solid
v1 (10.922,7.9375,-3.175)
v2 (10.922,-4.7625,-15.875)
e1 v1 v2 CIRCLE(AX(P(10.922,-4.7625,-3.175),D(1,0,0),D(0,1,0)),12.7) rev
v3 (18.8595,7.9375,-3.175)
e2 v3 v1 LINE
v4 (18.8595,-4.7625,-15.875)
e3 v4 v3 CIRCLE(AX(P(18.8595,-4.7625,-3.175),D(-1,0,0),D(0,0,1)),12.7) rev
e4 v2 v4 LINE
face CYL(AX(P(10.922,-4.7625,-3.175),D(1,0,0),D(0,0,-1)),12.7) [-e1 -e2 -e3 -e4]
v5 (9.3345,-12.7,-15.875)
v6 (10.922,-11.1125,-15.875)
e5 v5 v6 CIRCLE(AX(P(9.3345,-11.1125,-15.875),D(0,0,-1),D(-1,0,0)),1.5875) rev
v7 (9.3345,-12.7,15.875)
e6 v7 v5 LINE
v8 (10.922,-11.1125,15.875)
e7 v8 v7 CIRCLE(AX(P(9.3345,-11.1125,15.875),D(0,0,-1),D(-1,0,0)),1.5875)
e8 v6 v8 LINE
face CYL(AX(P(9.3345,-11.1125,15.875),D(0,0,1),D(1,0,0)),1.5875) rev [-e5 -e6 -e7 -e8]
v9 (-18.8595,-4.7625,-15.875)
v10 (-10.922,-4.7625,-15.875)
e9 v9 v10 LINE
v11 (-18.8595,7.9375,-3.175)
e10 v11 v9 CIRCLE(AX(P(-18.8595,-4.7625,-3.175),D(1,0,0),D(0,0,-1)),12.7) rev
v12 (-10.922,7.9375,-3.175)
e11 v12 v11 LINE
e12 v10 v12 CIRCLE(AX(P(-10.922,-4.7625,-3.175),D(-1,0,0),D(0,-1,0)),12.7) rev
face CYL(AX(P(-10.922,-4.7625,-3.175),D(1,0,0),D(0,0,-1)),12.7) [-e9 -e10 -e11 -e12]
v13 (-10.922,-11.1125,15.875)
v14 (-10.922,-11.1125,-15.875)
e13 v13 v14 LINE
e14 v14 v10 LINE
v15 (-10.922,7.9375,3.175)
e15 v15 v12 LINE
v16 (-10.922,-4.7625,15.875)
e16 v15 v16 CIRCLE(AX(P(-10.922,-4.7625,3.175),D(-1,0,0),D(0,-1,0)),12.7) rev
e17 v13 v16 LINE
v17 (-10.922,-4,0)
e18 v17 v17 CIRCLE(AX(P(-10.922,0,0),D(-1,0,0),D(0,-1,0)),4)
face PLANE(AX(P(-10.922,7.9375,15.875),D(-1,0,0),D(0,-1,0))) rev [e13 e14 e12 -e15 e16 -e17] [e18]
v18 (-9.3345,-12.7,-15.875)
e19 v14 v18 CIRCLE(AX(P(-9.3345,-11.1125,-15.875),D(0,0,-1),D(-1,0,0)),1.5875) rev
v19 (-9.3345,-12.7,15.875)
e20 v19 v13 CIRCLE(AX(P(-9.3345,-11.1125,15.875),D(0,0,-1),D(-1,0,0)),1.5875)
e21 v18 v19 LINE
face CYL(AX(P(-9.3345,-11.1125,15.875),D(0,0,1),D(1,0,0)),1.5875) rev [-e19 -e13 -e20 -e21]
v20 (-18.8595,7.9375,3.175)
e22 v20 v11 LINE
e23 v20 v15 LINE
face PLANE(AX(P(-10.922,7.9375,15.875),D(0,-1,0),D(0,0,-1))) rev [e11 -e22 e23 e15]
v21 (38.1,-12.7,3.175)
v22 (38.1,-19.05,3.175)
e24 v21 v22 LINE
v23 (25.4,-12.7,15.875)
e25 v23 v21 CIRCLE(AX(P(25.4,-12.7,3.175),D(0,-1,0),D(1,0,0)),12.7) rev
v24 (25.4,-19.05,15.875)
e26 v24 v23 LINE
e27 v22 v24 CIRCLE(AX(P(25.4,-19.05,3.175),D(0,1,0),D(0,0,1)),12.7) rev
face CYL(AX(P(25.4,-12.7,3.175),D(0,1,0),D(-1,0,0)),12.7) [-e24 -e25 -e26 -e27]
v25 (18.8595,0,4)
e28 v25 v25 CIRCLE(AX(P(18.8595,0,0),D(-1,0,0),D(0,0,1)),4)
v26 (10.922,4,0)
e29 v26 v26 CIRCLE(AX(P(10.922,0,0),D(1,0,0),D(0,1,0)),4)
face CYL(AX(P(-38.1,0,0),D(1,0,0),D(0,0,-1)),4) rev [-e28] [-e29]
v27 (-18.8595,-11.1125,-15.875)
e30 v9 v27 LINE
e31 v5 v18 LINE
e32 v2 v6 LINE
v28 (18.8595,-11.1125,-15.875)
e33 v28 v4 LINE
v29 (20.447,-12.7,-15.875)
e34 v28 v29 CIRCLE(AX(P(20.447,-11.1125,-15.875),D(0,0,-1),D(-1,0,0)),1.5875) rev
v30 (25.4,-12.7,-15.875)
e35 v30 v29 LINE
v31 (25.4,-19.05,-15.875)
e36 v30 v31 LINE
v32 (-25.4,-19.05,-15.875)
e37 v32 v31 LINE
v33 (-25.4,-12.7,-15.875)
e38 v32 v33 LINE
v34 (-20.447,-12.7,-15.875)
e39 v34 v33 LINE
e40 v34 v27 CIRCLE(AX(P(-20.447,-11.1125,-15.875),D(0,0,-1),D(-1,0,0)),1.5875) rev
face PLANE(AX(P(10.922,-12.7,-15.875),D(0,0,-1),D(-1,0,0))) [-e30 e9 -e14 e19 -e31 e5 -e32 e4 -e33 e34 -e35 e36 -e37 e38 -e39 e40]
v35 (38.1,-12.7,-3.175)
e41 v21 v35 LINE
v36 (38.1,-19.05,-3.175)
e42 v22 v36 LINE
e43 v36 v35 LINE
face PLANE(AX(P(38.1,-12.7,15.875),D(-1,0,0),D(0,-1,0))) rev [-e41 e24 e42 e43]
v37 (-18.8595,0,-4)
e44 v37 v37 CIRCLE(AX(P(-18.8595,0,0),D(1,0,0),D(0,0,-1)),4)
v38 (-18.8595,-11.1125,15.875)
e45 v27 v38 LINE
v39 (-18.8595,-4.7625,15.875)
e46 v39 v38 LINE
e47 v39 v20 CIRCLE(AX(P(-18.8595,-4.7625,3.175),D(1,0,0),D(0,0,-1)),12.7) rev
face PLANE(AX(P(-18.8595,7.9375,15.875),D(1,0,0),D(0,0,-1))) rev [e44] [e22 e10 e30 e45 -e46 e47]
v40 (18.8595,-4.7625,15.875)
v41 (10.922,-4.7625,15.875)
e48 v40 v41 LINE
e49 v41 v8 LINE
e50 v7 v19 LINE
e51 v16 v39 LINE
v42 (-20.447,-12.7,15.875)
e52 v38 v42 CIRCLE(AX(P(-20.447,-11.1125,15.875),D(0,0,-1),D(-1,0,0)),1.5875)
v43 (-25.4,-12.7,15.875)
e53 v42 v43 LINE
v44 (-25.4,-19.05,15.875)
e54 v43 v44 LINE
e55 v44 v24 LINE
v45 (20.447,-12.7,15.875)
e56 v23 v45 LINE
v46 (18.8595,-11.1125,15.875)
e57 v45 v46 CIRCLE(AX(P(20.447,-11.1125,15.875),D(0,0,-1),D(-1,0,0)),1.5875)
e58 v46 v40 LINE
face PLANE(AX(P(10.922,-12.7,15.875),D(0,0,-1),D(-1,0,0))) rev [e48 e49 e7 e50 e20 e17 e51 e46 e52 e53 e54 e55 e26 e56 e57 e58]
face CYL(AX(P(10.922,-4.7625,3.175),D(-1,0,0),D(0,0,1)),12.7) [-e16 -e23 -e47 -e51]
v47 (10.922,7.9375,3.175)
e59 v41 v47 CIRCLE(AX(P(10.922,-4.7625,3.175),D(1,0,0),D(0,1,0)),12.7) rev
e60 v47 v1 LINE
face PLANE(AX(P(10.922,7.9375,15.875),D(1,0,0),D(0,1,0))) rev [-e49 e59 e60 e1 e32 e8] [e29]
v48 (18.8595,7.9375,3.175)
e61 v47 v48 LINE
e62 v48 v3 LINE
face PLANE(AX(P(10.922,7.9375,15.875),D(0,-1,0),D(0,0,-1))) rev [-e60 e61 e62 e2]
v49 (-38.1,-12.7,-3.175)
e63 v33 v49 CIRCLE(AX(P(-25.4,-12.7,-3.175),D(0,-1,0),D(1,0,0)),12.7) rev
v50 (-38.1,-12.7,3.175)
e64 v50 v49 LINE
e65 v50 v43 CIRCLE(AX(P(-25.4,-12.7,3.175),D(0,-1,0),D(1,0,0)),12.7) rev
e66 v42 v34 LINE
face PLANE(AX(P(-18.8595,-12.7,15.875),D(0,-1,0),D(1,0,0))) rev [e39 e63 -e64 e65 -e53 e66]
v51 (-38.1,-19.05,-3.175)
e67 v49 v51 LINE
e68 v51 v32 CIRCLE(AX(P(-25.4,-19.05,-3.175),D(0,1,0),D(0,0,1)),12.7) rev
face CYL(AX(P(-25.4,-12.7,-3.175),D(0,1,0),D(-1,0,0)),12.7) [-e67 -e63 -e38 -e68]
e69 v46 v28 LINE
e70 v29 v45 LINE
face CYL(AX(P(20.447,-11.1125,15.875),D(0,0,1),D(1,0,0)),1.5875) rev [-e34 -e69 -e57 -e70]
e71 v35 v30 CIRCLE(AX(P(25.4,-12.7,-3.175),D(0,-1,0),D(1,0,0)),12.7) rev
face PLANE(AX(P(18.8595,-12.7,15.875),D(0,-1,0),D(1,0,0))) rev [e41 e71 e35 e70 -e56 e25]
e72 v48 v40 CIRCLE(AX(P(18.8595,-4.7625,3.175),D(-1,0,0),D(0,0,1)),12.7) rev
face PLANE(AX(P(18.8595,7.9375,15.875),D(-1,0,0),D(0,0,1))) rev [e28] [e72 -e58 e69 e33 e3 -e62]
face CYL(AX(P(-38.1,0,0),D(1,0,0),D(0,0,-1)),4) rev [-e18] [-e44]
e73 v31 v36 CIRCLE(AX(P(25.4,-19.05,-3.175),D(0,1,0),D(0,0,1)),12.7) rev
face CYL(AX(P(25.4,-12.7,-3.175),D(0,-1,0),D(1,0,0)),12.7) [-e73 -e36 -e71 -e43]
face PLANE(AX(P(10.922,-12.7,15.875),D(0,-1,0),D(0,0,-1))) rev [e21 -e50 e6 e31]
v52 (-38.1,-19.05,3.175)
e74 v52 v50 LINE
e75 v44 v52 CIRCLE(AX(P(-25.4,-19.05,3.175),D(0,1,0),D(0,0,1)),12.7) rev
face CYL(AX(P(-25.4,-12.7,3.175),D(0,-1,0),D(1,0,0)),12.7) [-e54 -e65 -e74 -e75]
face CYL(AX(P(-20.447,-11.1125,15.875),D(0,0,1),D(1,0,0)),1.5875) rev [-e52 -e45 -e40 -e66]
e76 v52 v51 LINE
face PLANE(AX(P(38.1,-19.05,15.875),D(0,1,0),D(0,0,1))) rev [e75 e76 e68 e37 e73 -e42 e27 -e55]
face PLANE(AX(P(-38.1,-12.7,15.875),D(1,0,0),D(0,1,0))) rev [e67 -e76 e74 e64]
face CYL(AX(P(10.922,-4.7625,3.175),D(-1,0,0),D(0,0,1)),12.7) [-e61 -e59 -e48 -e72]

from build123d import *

# Parameters (mm, degrees)
BOSS_EXTRUDE1_DEPTH     = 15.875
CUT_EXTRUDE1_DEPTH      = 46.459081876
CUT_EXTRUDE1_DEPTH_BACK = 46.459081876
SKETCH2_R               = 4
FILLET1_R               = 12.7
FILLET2_R               = 1.5875
FILLET3_R               = 12.7


with BuildPart() as part:
    # Sketch1 → Boss-Extrude1 (new, symmetric)
    with BuildSketch(Plane.XY):
        Polygon((10.922, 7.9375), (18.8595, 7.9375), (18.8595, -12.7), (38.1, -12.7), (38.1, -19.05), (-38.1, -19.05), (-38.1, -12.7), (-18.8595, -12.7), (-18.8595, 7.9375), (-10.922, 7.9375), (-10.922, -12.7), (10.922, -12.7), align=None)
    extrude(amount=BOSS_EXTRUDE1_DEPTH, both=True)

    # Sketch2 → Cut-Extrude1 (cut, two sides: drawn at the far end of the back side and taken through both)
    with BuildSketch(Plane(origin=(0, 0, 0), x_dir=(0, 0, -1), z_dir=(1, 0, 0)).offset(-CUT_EXTRUDE1_DEPTH_BACK)):
        with Locations(Location((0, 0, 0), (0, 0, 90))):
            Circle(SKETCH2_R)
    extrude(amount=CUT_EXTRUDE1_DEPTH + CUT_EXTRUDE1_DEPTH_BACK, mode=Mode.SUBTRACT)

    # Fillet1
    fillet1_edges = [part.edges().sort_by_distance(p)[0] for p in [
        (14.89075, 7.9375, -15.875),
        (-14.89075, 7.9375, 15.875),
        (-14.89075, 7.9375, -15.875),
        (14.89075, 7.9375, 15.875),
    ]]
    fillet(fillet1_edges, radius=FILLET1_R)

    # Fillet2
    fillet2_edges = [part.edges().sort_by_distance(p)[0] for p in [
        (18.8595, -12.7, 0),
        (-18.8595, -12.7, 0),
        (-10.922, -12.7, 0),
        (10.922, -12.7, 0),
    ]]
    fillet(fillet2_edges, radius=FILLET2_R)

    # Fillet3
    fillet3_edges = [part.edges().sort_by_distance(p)[0] for p in [
        (38.1, -15.875, -15.875),
        (-38.1, -15.875, -15.875),
        (-38.1, -15.875, 15.875),
        (38.1, -15.875, 15.875),
    ]]
    fillet(fillet3_edges, radius=FILLET3_R)


solid = part.part
